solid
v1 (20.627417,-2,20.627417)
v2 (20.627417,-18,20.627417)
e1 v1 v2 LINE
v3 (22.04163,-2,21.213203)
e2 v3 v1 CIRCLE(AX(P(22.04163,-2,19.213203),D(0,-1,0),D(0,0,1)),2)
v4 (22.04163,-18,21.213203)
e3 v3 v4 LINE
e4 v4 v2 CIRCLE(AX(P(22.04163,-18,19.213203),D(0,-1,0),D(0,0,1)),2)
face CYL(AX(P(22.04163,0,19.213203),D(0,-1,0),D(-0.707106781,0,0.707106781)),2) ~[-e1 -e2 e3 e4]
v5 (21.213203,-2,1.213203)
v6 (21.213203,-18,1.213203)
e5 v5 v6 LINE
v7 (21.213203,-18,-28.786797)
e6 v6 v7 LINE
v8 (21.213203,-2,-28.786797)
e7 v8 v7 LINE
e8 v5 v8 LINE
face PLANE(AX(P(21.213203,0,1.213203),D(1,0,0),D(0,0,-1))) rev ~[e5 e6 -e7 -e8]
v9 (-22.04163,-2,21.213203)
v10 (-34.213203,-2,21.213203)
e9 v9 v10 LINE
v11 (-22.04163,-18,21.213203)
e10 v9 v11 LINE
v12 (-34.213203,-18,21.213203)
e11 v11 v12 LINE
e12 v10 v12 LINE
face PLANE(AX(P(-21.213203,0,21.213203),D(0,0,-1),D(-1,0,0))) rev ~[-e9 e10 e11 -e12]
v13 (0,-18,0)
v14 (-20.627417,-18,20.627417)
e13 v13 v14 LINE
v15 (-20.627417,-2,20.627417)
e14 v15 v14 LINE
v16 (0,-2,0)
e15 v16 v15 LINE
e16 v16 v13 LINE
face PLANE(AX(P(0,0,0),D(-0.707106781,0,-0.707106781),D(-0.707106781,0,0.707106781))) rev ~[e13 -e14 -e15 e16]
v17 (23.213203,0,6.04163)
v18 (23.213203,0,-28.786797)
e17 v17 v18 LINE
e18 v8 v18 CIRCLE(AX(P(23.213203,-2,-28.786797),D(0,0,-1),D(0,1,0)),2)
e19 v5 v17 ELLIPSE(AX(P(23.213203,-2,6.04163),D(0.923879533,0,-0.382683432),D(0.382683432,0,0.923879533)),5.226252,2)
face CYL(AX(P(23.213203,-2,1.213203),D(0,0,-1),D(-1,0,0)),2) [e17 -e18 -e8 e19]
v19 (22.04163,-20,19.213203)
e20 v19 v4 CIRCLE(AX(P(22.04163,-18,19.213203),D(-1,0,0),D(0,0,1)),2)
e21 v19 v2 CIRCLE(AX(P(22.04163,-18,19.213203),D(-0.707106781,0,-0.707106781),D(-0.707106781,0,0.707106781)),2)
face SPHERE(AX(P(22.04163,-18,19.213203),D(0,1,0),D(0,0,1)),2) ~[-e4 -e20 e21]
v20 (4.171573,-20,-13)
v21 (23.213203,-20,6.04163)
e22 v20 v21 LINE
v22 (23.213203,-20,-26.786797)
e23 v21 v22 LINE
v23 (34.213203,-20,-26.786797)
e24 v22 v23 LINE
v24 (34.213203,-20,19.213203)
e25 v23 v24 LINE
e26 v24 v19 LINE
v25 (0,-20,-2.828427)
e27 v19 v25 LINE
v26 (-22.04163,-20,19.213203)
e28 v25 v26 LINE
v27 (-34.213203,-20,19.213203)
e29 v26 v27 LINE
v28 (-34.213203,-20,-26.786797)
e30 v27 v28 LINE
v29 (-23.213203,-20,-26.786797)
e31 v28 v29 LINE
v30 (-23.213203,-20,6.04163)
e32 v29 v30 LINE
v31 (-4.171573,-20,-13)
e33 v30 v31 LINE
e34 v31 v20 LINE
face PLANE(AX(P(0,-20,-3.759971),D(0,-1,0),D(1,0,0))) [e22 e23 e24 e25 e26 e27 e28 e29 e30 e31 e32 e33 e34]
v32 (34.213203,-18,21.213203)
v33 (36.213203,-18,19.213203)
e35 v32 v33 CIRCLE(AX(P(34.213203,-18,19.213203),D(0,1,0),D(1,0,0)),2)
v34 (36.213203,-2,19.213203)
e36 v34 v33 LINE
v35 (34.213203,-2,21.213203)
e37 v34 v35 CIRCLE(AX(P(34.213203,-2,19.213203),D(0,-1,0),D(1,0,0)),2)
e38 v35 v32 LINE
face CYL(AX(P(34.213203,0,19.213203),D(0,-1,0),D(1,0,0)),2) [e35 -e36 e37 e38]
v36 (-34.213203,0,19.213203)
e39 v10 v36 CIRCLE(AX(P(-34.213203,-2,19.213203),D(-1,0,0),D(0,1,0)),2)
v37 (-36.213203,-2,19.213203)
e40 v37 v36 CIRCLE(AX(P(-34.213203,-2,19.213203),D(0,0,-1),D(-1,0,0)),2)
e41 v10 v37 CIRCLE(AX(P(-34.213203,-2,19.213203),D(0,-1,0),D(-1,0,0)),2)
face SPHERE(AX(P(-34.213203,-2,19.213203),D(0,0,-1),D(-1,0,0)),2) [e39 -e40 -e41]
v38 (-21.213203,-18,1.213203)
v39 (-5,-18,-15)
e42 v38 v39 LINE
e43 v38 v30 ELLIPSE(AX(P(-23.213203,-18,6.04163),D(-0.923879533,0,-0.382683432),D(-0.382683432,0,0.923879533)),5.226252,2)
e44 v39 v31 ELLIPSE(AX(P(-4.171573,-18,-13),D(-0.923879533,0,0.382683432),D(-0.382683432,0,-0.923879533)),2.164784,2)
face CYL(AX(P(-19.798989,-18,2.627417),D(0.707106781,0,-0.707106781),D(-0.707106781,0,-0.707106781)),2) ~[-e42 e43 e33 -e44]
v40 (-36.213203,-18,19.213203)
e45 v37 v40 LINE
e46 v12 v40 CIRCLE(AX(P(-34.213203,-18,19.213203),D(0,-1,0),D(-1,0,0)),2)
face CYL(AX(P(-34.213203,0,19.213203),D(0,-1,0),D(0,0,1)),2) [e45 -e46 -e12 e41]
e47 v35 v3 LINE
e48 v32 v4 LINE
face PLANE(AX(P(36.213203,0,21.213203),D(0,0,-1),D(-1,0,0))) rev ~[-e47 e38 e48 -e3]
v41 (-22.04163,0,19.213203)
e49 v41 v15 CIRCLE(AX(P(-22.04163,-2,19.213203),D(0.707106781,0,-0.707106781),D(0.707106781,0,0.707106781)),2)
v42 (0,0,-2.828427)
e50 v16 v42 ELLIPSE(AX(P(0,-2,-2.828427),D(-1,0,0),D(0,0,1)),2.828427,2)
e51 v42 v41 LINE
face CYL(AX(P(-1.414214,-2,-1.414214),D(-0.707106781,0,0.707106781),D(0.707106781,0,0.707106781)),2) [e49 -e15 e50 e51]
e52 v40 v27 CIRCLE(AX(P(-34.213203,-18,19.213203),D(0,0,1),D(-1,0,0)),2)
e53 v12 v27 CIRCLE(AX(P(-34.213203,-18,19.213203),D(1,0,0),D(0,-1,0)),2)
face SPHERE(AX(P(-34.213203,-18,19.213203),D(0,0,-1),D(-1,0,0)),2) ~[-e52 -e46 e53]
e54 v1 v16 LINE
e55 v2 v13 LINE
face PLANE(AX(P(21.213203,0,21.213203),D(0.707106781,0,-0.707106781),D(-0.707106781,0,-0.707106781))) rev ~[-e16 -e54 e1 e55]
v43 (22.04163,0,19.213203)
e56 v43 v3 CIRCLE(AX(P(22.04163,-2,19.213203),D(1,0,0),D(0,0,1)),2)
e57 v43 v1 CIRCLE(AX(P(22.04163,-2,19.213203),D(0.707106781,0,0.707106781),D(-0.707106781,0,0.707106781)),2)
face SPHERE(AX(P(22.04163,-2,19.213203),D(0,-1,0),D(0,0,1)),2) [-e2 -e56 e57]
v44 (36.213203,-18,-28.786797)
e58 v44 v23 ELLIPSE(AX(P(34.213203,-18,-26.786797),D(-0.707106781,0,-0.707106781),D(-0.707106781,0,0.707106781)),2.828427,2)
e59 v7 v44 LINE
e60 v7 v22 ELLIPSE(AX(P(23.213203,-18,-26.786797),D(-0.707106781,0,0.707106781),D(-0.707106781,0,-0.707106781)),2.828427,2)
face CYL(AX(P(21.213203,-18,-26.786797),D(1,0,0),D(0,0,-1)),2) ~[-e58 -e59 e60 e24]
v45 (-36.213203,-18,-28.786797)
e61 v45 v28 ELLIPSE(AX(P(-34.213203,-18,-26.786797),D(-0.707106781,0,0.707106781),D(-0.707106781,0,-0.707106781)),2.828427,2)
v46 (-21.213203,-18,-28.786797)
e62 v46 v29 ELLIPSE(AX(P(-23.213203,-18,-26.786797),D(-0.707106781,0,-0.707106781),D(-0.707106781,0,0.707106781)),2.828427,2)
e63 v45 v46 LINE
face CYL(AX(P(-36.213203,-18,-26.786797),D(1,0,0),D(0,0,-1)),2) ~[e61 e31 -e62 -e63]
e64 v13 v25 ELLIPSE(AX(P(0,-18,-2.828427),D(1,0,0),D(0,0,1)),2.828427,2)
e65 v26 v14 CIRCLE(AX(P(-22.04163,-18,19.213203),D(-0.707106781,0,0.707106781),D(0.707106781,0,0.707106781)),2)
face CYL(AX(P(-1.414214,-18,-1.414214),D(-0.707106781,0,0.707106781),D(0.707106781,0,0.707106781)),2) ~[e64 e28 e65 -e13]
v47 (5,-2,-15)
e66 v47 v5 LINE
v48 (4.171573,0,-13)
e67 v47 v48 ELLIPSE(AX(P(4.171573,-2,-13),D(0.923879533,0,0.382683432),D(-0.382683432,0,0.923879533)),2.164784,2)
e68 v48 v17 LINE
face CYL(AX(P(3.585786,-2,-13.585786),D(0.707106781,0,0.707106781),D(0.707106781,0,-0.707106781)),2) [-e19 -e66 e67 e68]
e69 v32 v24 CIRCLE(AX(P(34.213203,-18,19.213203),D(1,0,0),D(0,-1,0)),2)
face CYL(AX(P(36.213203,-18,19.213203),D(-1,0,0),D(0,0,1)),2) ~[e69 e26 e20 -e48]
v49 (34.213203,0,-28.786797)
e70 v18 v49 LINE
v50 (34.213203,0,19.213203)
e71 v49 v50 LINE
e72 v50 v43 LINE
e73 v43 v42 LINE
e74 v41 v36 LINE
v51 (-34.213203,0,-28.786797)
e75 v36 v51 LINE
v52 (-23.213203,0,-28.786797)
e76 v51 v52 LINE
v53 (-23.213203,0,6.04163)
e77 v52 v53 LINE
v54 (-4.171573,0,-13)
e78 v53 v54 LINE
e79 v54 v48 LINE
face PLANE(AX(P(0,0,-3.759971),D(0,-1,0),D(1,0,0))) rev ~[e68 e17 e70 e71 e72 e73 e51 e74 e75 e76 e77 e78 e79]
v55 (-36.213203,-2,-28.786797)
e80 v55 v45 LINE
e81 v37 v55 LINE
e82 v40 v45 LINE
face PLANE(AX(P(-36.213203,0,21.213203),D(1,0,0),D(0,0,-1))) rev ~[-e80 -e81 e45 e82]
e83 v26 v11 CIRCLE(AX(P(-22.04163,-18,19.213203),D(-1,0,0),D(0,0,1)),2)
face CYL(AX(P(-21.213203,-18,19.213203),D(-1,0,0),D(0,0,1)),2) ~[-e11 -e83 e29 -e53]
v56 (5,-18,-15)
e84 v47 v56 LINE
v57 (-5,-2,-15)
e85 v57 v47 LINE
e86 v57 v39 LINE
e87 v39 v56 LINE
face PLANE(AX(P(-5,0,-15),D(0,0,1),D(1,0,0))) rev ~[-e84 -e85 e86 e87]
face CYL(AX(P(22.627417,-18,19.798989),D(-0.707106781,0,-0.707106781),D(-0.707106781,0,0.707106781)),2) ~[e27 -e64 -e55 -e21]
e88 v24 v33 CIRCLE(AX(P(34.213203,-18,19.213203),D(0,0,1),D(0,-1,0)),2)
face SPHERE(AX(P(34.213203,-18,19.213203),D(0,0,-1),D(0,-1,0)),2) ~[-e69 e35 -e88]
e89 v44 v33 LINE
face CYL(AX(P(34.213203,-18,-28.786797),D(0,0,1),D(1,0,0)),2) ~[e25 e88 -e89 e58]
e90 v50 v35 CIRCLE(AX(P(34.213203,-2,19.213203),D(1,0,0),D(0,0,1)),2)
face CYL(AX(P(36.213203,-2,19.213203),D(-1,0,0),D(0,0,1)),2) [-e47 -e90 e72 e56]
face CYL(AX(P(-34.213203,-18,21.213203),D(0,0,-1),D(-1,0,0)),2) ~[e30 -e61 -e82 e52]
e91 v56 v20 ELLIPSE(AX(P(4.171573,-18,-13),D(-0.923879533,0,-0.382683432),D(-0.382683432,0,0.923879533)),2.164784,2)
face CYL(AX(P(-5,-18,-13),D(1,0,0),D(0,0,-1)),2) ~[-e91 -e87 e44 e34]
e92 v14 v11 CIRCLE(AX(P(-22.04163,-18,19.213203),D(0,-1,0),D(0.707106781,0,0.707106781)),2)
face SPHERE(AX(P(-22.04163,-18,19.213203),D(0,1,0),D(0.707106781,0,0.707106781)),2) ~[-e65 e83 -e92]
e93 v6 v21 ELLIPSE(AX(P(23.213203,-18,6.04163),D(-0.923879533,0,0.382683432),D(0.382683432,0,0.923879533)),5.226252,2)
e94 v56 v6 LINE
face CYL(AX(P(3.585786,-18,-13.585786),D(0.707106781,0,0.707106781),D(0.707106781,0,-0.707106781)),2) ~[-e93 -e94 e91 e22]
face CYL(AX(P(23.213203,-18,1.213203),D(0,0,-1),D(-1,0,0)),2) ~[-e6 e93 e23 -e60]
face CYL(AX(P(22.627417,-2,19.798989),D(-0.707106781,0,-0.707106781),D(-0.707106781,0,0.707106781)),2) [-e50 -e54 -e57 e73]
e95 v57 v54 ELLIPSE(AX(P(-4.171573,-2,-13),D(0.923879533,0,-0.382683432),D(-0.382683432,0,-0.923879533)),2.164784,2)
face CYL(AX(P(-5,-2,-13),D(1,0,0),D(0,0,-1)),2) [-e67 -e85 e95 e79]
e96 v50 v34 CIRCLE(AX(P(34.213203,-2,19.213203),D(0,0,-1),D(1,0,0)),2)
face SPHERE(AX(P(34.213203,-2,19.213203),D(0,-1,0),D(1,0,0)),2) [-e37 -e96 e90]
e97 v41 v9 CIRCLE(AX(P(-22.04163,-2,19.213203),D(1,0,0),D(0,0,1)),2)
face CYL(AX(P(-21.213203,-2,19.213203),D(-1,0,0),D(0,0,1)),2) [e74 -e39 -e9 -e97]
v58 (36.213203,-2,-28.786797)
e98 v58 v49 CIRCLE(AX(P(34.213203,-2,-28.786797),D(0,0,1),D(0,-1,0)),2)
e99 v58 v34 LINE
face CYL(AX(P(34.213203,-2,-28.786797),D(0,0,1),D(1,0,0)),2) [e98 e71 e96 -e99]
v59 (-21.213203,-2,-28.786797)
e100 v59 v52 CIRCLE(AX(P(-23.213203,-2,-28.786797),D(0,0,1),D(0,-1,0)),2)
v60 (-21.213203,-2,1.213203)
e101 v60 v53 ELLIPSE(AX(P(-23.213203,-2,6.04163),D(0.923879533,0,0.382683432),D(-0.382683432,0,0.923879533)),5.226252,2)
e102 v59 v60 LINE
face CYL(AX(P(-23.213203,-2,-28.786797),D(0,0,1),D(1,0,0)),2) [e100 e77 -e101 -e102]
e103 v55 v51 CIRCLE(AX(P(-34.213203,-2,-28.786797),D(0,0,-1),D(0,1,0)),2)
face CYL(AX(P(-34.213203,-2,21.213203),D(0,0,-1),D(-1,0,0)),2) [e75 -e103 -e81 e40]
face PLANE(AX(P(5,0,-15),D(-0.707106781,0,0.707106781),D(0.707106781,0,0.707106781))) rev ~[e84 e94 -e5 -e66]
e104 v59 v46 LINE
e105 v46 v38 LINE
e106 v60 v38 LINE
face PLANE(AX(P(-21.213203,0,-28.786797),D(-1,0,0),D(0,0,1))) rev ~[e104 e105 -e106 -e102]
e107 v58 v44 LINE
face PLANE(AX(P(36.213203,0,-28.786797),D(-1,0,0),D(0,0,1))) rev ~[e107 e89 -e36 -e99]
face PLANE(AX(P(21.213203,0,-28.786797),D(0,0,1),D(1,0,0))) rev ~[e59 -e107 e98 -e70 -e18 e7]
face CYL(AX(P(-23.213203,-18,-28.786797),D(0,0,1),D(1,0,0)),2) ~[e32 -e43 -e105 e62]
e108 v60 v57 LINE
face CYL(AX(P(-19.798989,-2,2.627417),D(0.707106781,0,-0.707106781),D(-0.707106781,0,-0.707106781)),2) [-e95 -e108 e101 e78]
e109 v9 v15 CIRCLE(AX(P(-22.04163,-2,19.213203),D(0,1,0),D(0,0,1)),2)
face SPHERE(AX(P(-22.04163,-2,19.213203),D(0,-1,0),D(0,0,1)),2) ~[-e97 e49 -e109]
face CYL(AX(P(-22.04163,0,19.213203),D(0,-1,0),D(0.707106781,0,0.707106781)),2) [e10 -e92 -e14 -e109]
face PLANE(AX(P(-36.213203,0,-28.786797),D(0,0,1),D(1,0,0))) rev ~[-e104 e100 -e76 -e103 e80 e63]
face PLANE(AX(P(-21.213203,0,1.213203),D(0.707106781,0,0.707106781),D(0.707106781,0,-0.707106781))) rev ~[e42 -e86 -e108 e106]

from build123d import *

# Parameters (mm, degrees)
F1_DEPTH = 20
F2_R     = 2


with BuildPart() as f1:
    # F0 (on Front) → F1 (new body)
    with BuildSketch(Plane.XZ):
        Polygon((21.213203, 21.213203), (0, 0), (-21.213203, 21.213203), (-36.213203, 21.213203), (-36.213203, -28.786797), (-21.213203, -28.786797), (-21.213203, 1.213203), (-5, -15), (5, -15), (21.213203, 1.213203), (21.213203, -28.786797), (36.213203, -28.786797), (36.213203, 21.213203), align=None)
    extrude(amount=F1_DEPTH)

    # F2
    f2_edges = [f1.edges().sort_by_distance(p)[0] for p in [
        (-36.213203, -20, -3.786797),
        (36.213203, -20, -3.786797),
        (28.713203, -20, 21.213203),
        (36.213203, -10, 21.213203),
        (36.213203, 0, -3.786797),
        (28.713203, 0, 21.213203),
        (-36.213203, 0, -3.786797),
        (-36.213203, -10, 21.213203),
        (-28.713203, 0, 21.213203),
        (-28.713203, -20, 21.213203),
        (-10.606602, 0, 10.606602),
        (-21.213203, -10, 21.213203),
        (-10.606602, -20, 10.606602),
        (10.606602, -20, 10.606602),
        (10.606602, 0, 10.606602),
        (21.213203, -10, 21.213203),
        (-21.213203, -20, -13.786797),
        (-21.213203, 0, -13.786797),
        (-13.106602, -20, -6.893398),
        (13.106602, -20, -6.893398),
        (21.213203, -20, -13.786797),
        (13.106602, 0, -6.893398),
        (21.213203, 0, -13.786797),
        (-13.106602, 0, -6.893398),
        (0, 0, -15),
        (0, -20, -15),
        (-28.713203, -20, -28.786797),
        (28.713203, -20, -28.786797),
    ]]
    fillet(f2_edges, radius=F2_R)


solid = f1.part
